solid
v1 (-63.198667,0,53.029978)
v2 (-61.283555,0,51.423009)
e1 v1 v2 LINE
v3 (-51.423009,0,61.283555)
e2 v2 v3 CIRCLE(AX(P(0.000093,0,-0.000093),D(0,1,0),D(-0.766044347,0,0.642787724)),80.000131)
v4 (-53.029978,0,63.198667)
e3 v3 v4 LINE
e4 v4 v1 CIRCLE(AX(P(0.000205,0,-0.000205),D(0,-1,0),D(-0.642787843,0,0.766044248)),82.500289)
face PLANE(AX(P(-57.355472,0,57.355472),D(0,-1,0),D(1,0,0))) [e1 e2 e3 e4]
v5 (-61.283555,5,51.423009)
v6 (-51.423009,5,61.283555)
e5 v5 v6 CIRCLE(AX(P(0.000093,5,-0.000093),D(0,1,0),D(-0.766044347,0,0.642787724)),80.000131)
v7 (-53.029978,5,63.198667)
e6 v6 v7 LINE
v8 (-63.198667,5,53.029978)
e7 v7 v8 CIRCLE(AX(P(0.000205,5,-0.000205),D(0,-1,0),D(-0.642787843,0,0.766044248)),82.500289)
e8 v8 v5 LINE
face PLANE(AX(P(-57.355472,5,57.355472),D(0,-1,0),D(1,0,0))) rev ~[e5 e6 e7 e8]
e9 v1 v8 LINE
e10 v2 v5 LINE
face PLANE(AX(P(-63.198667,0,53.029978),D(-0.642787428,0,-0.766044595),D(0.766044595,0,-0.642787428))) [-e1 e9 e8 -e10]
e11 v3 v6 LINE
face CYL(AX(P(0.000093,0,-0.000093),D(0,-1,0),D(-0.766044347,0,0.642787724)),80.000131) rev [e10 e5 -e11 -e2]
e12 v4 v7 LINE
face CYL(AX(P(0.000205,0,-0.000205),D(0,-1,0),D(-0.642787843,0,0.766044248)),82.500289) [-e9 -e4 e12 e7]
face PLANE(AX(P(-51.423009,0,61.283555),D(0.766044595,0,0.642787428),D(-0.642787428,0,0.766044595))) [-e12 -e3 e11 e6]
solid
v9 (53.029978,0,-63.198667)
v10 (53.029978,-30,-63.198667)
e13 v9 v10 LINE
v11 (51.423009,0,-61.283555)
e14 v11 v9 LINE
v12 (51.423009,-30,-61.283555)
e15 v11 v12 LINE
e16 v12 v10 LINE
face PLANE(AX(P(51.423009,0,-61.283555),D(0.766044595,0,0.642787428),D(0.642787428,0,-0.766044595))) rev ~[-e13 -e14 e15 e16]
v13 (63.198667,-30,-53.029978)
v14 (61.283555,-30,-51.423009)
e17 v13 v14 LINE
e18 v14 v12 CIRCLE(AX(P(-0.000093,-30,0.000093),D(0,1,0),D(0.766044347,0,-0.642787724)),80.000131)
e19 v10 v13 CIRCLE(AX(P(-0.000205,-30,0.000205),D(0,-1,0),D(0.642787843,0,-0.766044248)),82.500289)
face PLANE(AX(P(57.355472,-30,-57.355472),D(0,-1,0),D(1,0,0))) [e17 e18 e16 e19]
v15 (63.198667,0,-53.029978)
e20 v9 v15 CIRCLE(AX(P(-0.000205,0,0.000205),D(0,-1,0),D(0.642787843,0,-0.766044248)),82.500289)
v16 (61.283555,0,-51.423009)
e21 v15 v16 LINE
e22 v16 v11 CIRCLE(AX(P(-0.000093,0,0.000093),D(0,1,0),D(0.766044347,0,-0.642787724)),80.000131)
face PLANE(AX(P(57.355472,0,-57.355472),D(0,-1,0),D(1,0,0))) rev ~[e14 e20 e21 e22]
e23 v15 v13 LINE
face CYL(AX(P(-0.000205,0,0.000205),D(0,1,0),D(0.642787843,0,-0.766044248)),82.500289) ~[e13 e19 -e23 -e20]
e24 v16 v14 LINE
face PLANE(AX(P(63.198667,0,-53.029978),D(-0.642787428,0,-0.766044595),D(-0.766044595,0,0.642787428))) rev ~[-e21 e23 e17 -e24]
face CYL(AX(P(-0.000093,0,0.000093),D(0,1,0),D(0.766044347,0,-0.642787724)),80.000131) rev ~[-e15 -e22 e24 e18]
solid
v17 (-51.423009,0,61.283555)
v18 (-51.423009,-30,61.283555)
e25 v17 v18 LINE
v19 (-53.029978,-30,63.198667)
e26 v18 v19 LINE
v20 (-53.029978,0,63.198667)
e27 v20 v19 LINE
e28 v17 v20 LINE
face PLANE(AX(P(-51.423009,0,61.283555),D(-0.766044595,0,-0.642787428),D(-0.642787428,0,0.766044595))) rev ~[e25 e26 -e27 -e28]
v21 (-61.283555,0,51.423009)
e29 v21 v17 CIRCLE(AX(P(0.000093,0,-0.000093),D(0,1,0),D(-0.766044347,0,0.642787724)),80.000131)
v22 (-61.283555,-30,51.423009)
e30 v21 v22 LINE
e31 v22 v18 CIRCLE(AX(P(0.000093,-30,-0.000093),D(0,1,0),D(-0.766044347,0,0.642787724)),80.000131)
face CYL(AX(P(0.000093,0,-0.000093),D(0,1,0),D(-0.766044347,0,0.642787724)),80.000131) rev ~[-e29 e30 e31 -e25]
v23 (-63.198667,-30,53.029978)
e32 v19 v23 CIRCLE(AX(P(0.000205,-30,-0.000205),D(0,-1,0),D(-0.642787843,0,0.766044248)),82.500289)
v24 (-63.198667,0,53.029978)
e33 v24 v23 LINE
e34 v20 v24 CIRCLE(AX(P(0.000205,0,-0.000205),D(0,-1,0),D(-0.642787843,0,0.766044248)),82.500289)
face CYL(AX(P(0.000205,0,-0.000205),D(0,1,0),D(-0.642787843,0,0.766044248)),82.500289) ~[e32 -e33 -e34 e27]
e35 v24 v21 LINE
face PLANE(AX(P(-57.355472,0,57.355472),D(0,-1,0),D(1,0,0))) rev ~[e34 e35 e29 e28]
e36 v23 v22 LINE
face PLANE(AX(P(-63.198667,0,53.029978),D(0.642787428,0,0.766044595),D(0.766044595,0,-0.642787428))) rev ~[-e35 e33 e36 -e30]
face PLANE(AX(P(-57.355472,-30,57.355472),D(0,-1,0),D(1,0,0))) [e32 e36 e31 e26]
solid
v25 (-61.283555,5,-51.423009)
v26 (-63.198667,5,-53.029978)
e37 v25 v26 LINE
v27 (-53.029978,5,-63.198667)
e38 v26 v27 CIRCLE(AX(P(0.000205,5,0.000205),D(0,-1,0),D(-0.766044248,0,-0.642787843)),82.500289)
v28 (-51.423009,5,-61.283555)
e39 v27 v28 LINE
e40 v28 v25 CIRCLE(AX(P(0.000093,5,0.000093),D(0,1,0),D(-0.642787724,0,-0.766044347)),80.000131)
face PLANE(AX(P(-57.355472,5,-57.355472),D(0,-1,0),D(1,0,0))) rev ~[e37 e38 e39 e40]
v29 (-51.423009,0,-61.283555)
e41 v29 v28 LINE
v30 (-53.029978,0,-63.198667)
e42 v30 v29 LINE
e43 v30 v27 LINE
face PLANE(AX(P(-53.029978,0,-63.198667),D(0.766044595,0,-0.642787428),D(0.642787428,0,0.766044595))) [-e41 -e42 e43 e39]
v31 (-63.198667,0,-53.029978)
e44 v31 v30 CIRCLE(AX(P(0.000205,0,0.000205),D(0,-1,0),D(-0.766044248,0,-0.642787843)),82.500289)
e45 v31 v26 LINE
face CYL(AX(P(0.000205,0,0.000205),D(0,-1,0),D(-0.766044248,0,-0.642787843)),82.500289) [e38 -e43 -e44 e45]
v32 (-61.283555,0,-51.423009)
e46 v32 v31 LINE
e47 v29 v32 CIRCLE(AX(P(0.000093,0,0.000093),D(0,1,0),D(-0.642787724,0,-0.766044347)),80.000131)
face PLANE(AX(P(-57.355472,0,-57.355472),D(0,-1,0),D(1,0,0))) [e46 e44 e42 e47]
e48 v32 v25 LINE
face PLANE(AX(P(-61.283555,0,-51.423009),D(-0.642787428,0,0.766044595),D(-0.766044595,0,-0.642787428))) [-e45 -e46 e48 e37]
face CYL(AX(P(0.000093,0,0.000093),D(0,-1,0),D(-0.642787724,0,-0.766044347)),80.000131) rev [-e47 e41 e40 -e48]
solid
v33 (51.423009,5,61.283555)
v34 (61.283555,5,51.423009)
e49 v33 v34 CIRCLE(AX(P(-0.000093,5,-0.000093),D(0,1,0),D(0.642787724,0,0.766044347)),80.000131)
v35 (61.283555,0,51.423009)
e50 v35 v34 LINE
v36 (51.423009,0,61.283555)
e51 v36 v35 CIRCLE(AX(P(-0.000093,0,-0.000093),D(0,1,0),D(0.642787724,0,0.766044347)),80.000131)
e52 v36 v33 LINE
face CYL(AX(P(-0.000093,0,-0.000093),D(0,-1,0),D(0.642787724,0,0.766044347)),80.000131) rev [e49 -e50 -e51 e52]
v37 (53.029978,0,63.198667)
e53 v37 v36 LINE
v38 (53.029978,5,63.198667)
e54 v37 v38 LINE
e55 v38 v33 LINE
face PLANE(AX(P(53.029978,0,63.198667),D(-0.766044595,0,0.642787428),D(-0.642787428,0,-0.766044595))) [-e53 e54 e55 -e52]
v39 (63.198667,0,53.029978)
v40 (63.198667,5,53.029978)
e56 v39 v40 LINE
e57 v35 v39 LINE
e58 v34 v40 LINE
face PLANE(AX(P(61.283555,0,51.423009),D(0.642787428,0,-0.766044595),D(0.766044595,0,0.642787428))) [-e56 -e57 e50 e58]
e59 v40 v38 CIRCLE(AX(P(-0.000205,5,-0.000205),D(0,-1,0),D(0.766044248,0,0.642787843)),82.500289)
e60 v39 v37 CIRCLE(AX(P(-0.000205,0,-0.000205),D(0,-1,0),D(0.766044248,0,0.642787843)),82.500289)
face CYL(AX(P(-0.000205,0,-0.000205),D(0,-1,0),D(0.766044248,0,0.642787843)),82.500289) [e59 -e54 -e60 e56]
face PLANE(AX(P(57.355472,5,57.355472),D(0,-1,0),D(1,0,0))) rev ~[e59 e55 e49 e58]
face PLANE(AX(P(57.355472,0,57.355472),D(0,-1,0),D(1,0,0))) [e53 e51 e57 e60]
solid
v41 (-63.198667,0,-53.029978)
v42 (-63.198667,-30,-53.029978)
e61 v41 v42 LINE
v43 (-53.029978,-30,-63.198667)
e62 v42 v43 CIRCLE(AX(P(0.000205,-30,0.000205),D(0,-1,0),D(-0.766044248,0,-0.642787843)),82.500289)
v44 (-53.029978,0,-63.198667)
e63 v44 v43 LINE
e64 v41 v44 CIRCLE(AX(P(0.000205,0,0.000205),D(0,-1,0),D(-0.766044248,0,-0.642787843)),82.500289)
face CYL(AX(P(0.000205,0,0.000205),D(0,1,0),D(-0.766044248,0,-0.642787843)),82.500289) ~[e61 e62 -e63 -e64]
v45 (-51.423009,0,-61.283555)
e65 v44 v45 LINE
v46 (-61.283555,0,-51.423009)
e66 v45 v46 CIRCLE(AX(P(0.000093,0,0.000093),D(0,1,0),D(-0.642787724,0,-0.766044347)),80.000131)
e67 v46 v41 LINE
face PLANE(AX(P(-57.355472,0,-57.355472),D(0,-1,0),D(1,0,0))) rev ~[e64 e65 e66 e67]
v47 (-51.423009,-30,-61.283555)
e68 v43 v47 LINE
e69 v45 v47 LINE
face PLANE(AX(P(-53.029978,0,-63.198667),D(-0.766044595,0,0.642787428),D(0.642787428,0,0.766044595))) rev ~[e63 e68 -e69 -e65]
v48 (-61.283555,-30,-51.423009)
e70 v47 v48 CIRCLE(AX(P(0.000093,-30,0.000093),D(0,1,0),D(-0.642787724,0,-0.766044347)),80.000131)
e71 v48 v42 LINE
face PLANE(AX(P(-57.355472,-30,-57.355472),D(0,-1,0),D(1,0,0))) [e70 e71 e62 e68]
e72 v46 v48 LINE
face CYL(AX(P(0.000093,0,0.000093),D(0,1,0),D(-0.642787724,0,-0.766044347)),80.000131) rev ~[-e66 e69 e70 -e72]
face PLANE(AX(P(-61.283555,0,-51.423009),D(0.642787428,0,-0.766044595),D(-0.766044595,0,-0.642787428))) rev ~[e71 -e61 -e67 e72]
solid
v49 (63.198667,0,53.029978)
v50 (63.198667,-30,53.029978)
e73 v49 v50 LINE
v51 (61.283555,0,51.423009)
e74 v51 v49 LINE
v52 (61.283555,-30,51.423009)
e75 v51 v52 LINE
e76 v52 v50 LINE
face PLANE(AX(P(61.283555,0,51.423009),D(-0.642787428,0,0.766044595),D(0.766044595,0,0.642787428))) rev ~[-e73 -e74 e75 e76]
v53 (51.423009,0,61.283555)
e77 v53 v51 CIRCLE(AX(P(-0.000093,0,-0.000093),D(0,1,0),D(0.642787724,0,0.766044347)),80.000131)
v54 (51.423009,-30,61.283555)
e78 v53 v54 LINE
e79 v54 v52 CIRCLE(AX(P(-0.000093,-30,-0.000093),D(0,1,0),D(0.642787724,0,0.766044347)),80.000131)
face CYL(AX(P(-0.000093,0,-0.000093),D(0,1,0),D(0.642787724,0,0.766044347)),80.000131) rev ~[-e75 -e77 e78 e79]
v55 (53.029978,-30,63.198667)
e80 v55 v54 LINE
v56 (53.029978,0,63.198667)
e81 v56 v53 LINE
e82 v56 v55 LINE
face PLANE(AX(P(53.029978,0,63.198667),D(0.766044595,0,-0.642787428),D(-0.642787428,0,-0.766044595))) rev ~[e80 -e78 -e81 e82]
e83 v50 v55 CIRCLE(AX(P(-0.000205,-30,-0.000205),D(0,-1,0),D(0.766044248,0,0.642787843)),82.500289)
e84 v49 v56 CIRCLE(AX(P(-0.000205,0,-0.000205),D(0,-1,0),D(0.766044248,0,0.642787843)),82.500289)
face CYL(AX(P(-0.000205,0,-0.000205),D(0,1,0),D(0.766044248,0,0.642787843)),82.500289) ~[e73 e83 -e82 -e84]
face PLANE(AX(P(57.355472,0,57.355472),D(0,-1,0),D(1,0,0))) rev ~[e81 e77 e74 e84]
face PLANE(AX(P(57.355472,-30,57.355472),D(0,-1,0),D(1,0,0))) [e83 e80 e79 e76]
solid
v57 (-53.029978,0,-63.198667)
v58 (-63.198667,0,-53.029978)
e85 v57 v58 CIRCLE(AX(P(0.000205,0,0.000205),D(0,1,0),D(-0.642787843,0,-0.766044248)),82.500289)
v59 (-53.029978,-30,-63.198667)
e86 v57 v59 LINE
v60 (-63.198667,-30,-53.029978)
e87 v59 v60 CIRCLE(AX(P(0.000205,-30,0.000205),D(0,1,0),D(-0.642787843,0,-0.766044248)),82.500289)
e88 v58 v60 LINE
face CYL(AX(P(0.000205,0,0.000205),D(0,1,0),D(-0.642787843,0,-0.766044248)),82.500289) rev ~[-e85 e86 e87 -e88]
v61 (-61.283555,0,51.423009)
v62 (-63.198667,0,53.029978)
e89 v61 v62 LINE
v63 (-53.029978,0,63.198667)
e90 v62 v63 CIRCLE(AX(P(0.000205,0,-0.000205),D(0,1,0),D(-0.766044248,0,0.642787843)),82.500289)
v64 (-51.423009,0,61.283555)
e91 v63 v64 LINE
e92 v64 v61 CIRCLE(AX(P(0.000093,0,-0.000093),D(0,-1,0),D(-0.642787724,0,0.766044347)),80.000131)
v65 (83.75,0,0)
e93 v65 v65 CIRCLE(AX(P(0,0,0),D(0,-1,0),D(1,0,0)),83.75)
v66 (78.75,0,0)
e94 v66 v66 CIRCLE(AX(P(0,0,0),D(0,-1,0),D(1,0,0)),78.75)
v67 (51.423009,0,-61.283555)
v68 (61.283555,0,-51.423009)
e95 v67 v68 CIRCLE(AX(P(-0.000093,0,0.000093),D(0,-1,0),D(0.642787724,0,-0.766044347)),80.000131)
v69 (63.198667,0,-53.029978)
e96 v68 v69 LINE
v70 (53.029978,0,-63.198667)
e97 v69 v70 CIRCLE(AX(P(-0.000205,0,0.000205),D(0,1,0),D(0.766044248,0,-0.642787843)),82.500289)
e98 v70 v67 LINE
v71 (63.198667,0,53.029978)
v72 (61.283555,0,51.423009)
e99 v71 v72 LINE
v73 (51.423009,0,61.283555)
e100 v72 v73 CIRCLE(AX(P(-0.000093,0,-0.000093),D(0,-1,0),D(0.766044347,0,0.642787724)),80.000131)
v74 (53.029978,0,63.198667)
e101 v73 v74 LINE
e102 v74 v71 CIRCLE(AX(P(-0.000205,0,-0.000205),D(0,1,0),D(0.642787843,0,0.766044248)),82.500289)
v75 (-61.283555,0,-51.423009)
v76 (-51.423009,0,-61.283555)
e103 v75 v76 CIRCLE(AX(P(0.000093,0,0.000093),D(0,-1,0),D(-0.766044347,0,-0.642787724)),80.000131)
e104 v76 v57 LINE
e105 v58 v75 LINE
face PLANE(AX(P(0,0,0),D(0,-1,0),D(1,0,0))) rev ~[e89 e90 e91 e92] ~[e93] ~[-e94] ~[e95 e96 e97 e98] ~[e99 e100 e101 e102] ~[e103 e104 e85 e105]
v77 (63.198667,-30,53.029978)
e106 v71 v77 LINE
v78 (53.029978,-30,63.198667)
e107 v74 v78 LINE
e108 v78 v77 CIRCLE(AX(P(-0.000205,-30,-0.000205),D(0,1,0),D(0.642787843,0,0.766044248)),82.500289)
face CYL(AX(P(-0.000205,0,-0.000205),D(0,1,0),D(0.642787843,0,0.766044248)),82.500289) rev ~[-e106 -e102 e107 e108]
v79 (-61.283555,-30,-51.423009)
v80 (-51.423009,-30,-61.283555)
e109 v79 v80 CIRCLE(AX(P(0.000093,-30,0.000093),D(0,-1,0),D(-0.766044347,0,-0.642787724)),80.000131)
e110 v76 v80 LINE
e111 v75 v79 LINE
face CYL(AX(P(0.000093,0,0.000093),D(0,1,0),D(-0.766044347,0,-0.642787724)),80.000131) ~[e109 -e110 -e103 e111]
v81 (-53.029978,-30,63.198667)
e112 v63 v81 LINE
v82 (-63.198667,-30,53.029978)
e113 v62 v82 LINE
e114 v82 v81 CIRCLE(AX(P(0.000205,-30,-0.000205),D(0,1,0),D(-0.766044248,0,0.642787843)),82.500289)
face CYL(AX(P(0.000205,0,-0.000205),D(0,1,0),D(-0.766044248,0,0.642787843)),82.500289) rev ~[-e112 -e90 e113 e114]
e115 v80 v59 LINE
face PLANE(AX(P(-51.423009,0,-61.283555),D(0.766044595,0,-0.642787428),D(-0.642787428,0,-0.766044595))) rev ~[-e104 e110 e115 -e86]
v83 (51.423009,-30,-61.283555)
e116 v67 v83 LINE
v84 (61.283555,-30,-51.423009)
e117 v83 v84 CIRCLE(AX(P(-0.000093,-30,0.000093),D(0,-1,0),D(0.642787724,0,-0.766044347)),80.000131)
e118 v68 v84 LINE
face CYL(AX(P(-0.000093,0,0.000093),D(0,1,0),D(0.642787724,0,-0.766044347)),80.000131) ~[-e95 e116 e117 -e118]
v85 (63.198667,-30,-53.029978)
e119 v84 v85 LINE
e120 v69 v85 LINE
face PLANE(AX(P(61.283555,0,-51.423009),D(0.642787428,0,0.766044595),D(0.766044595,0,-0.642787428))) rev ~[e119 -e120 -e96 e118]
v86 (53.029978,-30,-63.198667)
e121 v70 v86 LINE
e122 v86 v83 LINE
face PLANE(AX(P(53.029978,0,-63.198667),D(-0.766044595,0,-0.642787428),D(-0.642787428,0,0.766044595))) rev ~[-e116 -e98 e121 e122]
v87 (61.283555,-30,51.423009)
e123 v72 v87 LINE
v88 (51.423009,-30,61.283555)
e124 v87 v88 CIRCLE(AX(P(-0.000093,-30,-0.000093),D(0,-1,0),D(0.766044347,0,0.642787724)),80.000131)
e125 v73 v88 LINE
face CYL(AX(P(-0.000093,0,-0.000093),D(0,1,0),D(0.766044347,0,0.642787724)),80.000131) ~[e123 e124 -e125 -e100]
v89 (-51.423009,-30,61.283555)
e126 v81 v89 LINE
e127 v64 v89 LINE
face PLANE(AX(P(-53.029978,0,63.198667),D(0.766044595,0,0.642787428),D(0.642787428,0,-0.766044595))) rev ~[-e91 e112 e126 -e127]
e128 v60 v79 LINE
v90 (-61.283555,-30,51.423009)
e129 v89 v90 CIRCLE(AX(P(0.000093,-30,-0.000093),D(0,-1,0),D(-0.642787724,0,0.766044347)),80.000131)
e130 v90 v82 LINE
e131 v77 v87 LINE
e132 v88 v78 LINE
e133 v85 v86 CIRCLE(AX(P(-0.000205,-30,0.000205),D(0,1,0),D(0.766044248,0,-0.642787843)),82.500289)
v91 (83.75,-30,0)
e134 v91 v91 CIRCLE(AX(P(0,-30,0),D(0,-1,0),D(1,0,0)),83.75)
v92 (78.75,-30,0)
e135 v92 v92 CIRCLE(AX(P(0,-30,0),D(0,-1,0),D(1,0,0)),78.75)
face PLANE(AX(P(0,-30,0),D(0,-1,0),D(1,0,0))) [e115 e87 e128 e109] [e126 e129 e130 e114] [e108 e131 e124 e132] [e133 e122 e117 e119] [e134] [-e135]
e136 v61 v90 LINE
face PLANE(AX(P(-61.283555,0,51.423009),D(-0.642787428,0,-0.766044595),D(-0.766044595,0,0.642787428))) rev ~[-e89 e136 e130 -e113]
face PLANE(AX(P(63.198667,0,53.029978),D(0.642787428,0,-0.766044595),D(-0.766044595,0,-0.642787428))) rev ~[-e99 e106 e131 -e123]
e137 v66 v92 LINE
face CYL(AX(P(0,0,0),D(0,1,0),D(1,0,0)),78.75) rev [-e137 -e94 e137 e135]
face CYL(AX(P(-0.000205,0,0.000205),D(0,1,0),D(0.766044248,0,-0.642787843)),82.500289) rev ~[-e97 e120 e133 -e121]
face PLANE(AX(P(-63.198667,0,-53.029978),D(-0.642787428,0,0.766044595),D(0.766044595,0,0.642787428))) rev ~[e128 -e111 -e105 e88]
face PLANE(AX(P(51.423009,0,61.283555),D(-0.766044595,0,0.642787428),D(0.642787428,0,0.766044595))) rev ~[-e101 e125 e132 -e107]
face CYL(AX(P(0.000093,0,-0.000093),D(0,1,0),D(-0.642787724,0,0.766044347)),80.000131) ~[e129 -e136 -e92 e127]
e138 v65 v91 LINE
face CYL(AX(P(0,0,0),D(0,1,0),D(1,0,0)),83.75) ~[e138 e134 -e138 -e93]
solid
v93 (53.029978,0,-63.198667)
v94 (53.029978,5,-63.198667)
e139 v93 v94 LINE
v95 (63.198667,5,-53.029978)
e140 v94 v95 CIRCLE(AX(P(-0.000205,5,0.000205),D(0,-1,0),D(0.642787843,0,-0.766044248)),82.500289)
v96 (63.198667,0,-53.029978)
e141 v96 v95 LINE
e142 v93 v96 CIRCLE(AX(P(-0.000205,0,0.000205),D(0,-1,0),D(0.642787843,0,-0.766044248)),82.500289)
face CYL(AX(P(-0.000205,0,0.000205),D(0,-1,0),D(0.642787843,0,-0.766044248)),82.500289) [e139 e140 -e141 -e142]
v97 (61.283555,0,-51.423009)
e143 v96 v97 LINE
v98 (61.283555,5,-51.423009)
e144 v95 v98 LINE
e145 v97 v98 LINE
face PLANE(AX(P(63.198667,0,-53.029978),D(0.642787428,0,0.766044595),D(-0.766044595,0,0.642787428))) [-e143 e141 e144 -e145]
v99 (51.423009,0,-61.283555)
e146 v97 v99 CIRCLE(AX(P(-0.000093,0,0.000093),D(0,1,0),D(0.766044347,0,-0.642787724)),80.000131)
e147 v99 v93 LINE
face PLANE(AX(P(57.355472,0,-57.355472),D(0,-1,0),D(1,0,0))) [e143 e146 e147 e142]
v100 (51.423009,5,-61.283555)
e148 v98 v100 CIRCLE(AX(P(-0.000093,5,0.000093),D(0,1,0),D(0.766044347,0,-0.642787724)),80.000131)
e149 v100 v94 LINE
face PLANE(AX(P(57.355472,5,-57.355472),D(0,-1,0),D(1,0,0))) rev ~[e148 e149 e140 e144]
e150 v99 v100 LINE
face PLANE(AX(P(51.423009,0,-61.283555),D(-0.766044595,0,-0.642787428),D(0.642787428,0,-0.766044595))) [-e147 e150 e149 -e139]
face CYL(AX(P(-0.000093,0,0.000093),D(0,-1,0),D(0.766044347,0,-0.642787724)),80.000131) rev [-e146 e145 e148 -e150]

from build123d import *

# Parameters (mm, degrees)
F0_R     = 83.75
F0_R_2   = 78.75
F1_DEPTH = 30
F2_DEPTH = 5
F3_DEPTH = 30


with BuildPart() as f1:
    # F0 (on Front) → F1 (new body)
    with BuildSketch(Plane.XZ):
        Circle(F0_R)
        with BuildLine():
            ThreePointArc((-53.029978, -63.198667), (-58.336309, -58.336309), (-63.198667, -53.029978))
            Line((-63.198667, -53.029978), (-61.283555, -51.423009))
            ThreePointArc((-61.283555, -51.423009), (-56.568542, -56.568542), (-51.423009, -61.283555))
            Line((-51.423009, -61.283555), (-53.029978, -63.198667))
        make_face(mode=Mode.SUBTRACT)
        with BuildLine():
            Line((53.029978, -63.198667), (51.423009, -61.283555))
            ThreePointArc((51.423009, -61.283555), (56.568542, -56.568542), (61.283555, -51.423009))
            Line((61.283555, -51.423009), (63.198667, -53.029978))
            ThreePointArc((63.198667, -53.029978), (58.336309, -58.336309), (53.029978, -63.198667))
        make_face(mode=Mode.SUBTRACT)
        with BuildLine():
            ThreePointArc((-63.198667, 53.029978), (-58.336309, 58.336309), (-53.029978, 63.198667))
            Line((-53.029978, 63.198667), (-51.423009, 61.283555))
            ThreePointArc((-51.423009, 61.283555), (-56.568542, 56.568542), (-61.283555, 51.423009))
            Line((-61.283555, 51.423009), (-63.198667, 53.029978))
        make_face(mode=Mode.SUBTRACT)
        Circle(F0_R_2, mode=Mode.SUBTRACT)
        with BuildLine():
            ThreePointArc((53.029978, 63.198667), (58.336309, 58.336309), (63.198667, 53.029978))
            Line((63.198667, 53.029978), (61.283555, 51.423009))
            ThreePointArc((61.283555, 51.423009), (56.568542, 56.568542), (51.423009, 61.283555))
            Line((51.423009, 61.283555), (53.029978, 63.198667))
        make_face(mode=Mode.SUBTRACT)
    extrude(amount=F1_DEPTH)


with BuildPart() as f2:
    # F0 (on Front) → F2 (new body)
    with BuildSketch(Plane.XZ):
        with BuildLine():
            Line((-51.423009, 61.283555), (-53.029978, 63.198667))
            ThreePointArc((-53.029978, 63.198667), (-58.336309, 58.336309), (-63.198667, 53.029978))
            Line((-63.198667, 53.029978), (-61.283555, 51.423009))
            ThreePointArc((-61.283555, 51.423009), (-56.568542, 56.568542), (-51.423009, 61.283555))
        make_face()
        with BuildLine():
            Line((-61.283555, -51.423009), (-63.198667, -53.029978))
            ThreePointArc((-63.198667, -53.029978), (-58.336309, -58.336309), (-53.029978, -63.198667))
            Line((-53.029978, -63.198667), (-51.423009, -61.283555))
            ThreePointArc((-51.423009, -61.283555), (-56.568542, -56.568542), (-61.283555, -51.423009))
        make_face()
        with BuildLine():
            Line((61.283555, 51.423009), (63.198667, 53.029978))
            ThreePointArc((63.198667, 53.029978), (58.336309, 58.336309), (53.029978, 63.198667))
            Line((53.029978, 63.198667), (51.423009, 61.283555))
            ThreePointArc((51.423009, 61.283555), (56.568542, 56.568542), (61.283555, 51.423009))
        make_face()
        with BuildLine():
            ThreePointArc((61.283555, -51.423009), (56.568542, -56.568542), (51.423009, -61.283555))
            Line((51.423009, -61.283555), (53.029978, -63.198667))
            ThreePointArc((53.029978, -63.198667), (58.336309, -58.336309), (63.198667, -53.029978))
            Line((63.198667, -53.029978), (61.283555, -51.423009))
        make_face()
    extrude(amount=-F2_DEPTH)


with BuildPart() as f3:
    # F0 (on Front) → F3 (new body)
    with BuildSketch(Plane.XZ):
        with BuildLine():
            Line((-51.423009, 61.283555), (-53.029978, 63.198667))
            ThreePointArc((-53.029978, 63.198667), (-58.336309, 58.336309), (-63.198667, 53.029978))
            Line((-63.198667, 53.029978), (-61.283555, 51.423009))
            ThreePointArc((-61.283555, 51.423009), (-56.568542, 56.568542), (-51.423009, 61.283555))
        make_face()
        with BuildLine():
            Line((-61.283555, -51.423009), (-63.198667, -53.029978))
            ThreePointArc((-63.198667, -53.029978), (-58.336309, -58.336309), (-53.029978, -63.198667))
            Line((-53.029978, -63.198667), (-51.423009, -61.283555))
            ThreePointArc((-51.423009, -61.283555), (-56.568542, -56.568542), (-61.283555, -51.423009))
        make_face()
        with BuildLine():
            ThreePointArc((61.283555, -51.423009), (56.568542, -56.568542), (51.423009, -61.283555))
            Line((51.423009, -61.283555), (53.029978, -63.198667))
            ThreePointArc((53.029978, -63.198667), (58.336309, -58.336309), (63.198667, -53.029978))
            Line((63.198667, -53.029978), (61.283555, -51.423009))
        make_face()
        with BuildLine():
            Line((61.283555, 51.423009), (63.198667, 53.029978))
            ThreePointArc((63.198667, 53.029978), (58.336309, 58.336309), (53.029978, 63.198667))
            Line((53.029978, 63.198667), (51.423009, 61.283555))
            ThreePointArc((51.423009, 61.283555), (56.568542, 56.568542), (61.283555, 51.423009))
        make_face()
    extrude(amount=F3_DEPTH)


solid = Compound([f1.part, f2.part, f3.part])
